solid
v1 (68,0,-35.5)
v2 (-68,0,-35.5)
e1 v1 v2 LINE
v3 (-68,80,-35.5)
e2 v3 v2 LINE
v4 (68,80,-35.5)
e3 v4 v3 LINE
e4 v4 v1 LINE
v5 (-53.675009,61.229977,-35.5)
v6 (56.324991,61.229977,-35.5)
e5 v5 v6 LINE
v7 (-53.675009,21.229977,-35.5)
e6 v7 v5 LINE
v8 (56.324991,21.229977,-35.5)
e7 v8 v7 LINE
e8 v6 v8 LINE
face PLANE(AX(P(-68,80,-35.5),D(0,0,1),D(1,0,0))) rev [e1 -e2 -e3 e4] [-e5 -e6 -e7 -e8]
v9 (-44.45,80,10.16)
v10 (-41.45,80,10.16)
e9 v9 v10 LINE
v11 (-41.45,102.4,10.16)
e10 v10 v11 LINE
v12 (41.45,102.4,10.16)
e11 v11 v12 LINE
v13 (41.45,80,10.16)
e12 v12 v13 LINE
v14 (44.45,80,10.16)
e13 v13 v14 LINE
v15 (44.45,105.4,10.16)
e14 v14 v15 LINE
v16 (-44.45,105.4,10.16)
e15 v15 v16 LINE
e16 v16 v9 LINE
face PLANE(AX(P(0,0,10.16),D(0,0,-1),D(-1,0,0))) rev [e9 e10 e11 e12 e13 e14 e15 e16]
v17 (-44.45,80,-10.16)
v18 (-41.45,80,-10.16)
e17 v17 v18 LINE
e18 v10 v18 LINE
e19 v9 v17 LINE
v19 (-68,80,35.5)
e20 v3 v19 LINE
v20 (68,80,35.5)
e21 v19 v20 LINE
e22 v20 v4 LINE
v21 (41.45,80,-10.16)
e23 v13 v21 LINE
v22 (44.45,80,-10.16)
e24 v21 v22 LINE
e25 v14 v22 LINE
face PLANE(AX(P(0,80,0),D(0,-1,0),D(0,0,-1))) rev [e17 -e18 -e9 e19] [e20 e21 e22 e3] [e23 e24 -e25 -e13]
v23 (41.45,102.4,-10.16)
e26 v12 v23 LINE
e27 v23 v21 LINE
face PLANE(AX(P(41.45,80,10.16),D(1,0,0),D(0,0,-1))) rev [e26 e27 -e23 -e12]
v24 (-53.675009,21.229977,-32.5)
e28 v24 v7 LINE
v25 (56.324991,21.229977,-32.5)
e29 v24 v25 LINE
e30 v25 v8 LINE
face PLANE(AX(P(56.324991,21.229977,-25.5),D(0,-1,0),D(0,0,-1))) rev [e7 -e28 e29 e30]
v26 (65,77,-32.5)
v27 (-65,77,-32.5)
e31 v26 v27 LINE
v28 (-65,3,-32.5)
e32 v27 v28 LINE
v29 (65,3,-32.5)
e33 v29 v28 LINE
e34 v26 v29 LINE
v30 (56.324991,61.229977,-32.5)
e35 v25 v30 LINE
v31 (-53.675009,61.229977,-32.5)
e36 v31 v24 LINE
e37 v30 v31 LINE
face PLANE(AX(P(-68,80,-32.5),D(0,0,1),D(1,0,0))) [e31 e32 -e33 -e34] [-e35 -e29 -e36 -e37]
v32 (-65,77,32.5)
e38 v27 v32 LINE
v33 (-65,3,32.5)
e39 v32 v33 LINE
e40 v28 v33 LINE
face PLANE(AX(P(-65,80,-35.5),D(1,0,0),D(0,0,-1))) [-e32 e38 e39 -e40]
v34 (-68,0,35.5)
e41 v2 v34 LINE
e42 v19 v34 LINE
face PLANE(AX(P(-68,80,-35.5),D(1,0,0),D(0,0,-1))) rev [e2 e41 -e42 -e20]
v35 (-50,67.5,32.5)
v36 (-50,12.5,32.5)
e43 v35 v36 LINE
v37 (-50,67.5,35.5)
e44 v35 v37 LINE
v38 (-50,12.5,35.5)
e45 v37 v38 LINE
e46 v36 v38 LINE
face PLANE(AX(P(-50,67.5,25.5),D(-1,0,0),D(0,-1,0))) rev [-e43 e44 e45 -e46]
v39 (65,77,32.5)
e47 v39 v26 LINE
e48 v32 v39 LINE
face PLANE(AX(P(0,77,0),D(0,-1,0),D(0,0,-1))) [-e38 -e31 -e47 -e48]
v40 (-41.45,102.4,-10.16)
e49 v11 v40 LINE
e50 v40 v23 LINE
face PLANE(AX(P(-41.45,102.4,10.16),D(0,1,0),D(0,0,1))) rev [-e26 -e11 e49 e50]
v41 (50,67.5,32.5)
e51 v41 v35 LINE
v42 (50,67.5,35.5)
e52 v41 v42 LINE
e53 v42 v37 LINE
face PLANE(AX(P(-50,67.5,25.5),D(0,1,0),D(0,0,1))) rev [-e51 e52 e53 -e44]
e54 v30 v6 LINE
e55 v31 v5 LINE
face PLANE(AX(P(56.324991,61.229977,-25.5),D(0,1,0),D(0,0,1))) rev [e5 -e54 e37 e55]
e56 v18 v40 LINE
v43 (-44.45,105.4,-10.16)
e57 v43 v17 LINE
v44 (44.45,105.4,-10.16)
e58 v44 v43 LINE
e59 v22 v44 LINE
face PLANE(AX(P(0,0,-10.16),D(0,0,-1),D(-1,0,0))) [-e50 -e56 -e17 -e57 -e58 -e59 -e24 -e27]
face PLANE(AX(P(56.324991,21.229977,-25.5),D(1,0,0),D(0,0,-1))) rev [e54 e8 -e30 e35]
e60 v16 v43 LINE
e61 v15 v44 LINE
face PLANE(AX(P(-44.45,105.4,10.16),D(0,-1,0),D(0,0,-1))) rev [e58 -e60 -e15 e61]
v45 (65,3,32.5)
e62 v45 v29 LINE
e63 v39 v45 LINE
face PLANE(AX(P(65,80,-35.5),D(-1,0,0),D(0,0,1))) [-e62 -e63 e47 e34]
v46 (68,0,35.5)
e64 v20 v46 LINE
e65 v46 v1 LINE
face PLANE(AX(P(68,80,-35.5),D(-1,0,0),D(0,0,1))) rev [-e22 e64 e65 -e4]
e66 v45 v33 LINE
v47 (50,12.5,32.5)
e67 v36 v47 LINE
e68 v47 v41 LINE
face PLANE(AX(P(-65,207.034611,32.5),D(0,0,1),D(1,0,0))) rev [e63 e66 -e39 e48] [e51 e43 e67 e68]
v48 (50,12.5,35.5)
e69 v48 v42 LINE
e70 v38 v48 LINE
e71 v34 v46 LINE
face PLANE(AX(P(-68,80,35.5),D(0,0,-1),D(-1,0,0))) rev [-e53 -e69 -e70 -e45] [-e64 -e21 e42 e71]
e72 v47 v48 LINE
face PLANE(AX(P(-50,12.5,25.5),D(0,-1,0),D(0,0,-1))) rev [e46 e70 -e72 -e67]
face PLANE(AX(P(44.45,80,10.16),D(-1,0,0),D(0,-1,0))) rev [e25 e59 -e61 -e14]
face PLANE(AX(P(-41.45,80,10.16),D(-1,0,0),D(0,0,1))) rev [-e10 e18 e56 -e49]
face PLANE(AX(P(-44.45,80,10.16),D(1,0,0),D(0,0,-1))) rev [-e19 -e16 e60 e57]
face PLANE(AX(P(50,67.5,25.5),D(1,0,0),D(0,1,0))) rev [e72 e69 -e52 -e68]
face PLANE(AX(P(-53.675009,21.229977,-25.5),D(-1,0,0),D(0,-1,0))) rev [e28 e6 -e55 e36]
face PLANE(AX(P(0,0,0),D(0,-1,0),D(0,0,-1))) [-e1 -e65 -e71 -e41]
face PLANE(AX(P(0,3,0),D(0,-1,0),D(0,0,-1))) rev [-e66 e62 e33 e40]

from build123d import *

# Parameters (mm, degrees)
SKETCH1_W           = 136
SKETCH1_H           = 71
BOSS_EXTRUDE2_DEPTH = 80
SHELL5_T            = -3
SKETCH2_W           = 130
SKETCH2_H           = 3
BOSS_EXTRUDE3_DEPTH = 74
BOSS_EXTRUDE4_DEPTH = 10.16
SKETCH7_W           = 100
SKETCH7_H           = 55
CUT_EXTRUDE1_DEPTH  = 10
SKETCH8_W           = 110
SKETCH8_H           = 40
CUT_EXTRUDE2_DEPTH  = 10


with BuildPart() as part:
    # Sketch1 → Boss-Extrude2 (new body)
    with BuildSketch(Plane(origin=(0, 0, 0), x_dir=(1, 0, 0), z_dir=(0, 1, 0))):
        Rectangle(SKETCH1_W, SKETCH1_H)
    extrude(amount=BOSS_EXTRUDE2_DEPTH)

    # Shell5
    shell5_openings = [part.faces().sort_by_distance(p)[0] for p in [
        (0, 40, 35.5),
    ]]
    offset(amount=SHELL5_T, openings=shell5_openings, kind=Kind.INTERSECTION)

    # Sketch2 → Boss-Extrude3 (add)
    with BuildSketch(Plane(origin=(0, 3, 0), x_dir=(1, 0, 0), z_dir=(0, 1, 0))):
        with Locations((0, -34)):
            Rectangle(SKETCH2_W, SKETCH2_H)
    extrude(amount=BOSS_EXTRUDE3_DEPTH)

    # Sketch4 → Boss-Extrude4 (add, symmetric)
    with BuildSketch(Plane.XY):
        Polygon((-44.45, 80), (-44.45, 105.4), (44.45, 105.4), (44.45, 80), (41.45, 80), (41.45, 102.4), (-41.45, 102.4), (-41.45, 80), align=None)
    extrude(amount=BOSS_EXTRUDE4_DEPTH, both=True)

    # Sketch7 → Cut-Extrude1 (cut)
    with BuildSketch(Plane.XY.offset(35.5)):
        with Locations((0, 40)):
            Rectangle(SKETCH7_W, SKETCH7_H)
    extrude(amount=-CUT_EXTRUDE1_DEPTH, mode=Mode.SUBTRACT)

    # Sketch8 → Cut-Extrude2 (cut)
    with BuildSketch(Plane(origin=(0, 0, -35.5), x_dir=(-1, 0, 0), z_dir=(0, 0, -1))):
        with Locations((-1.324990804, 41.229977006)):
            Rectangle(SKETCH8_W, SKETCH8_H)
    extrude(amount=-CUT_EXTRUDE2_DEPTH, mode=Mode.SUBTRACT)


solid = part.part
